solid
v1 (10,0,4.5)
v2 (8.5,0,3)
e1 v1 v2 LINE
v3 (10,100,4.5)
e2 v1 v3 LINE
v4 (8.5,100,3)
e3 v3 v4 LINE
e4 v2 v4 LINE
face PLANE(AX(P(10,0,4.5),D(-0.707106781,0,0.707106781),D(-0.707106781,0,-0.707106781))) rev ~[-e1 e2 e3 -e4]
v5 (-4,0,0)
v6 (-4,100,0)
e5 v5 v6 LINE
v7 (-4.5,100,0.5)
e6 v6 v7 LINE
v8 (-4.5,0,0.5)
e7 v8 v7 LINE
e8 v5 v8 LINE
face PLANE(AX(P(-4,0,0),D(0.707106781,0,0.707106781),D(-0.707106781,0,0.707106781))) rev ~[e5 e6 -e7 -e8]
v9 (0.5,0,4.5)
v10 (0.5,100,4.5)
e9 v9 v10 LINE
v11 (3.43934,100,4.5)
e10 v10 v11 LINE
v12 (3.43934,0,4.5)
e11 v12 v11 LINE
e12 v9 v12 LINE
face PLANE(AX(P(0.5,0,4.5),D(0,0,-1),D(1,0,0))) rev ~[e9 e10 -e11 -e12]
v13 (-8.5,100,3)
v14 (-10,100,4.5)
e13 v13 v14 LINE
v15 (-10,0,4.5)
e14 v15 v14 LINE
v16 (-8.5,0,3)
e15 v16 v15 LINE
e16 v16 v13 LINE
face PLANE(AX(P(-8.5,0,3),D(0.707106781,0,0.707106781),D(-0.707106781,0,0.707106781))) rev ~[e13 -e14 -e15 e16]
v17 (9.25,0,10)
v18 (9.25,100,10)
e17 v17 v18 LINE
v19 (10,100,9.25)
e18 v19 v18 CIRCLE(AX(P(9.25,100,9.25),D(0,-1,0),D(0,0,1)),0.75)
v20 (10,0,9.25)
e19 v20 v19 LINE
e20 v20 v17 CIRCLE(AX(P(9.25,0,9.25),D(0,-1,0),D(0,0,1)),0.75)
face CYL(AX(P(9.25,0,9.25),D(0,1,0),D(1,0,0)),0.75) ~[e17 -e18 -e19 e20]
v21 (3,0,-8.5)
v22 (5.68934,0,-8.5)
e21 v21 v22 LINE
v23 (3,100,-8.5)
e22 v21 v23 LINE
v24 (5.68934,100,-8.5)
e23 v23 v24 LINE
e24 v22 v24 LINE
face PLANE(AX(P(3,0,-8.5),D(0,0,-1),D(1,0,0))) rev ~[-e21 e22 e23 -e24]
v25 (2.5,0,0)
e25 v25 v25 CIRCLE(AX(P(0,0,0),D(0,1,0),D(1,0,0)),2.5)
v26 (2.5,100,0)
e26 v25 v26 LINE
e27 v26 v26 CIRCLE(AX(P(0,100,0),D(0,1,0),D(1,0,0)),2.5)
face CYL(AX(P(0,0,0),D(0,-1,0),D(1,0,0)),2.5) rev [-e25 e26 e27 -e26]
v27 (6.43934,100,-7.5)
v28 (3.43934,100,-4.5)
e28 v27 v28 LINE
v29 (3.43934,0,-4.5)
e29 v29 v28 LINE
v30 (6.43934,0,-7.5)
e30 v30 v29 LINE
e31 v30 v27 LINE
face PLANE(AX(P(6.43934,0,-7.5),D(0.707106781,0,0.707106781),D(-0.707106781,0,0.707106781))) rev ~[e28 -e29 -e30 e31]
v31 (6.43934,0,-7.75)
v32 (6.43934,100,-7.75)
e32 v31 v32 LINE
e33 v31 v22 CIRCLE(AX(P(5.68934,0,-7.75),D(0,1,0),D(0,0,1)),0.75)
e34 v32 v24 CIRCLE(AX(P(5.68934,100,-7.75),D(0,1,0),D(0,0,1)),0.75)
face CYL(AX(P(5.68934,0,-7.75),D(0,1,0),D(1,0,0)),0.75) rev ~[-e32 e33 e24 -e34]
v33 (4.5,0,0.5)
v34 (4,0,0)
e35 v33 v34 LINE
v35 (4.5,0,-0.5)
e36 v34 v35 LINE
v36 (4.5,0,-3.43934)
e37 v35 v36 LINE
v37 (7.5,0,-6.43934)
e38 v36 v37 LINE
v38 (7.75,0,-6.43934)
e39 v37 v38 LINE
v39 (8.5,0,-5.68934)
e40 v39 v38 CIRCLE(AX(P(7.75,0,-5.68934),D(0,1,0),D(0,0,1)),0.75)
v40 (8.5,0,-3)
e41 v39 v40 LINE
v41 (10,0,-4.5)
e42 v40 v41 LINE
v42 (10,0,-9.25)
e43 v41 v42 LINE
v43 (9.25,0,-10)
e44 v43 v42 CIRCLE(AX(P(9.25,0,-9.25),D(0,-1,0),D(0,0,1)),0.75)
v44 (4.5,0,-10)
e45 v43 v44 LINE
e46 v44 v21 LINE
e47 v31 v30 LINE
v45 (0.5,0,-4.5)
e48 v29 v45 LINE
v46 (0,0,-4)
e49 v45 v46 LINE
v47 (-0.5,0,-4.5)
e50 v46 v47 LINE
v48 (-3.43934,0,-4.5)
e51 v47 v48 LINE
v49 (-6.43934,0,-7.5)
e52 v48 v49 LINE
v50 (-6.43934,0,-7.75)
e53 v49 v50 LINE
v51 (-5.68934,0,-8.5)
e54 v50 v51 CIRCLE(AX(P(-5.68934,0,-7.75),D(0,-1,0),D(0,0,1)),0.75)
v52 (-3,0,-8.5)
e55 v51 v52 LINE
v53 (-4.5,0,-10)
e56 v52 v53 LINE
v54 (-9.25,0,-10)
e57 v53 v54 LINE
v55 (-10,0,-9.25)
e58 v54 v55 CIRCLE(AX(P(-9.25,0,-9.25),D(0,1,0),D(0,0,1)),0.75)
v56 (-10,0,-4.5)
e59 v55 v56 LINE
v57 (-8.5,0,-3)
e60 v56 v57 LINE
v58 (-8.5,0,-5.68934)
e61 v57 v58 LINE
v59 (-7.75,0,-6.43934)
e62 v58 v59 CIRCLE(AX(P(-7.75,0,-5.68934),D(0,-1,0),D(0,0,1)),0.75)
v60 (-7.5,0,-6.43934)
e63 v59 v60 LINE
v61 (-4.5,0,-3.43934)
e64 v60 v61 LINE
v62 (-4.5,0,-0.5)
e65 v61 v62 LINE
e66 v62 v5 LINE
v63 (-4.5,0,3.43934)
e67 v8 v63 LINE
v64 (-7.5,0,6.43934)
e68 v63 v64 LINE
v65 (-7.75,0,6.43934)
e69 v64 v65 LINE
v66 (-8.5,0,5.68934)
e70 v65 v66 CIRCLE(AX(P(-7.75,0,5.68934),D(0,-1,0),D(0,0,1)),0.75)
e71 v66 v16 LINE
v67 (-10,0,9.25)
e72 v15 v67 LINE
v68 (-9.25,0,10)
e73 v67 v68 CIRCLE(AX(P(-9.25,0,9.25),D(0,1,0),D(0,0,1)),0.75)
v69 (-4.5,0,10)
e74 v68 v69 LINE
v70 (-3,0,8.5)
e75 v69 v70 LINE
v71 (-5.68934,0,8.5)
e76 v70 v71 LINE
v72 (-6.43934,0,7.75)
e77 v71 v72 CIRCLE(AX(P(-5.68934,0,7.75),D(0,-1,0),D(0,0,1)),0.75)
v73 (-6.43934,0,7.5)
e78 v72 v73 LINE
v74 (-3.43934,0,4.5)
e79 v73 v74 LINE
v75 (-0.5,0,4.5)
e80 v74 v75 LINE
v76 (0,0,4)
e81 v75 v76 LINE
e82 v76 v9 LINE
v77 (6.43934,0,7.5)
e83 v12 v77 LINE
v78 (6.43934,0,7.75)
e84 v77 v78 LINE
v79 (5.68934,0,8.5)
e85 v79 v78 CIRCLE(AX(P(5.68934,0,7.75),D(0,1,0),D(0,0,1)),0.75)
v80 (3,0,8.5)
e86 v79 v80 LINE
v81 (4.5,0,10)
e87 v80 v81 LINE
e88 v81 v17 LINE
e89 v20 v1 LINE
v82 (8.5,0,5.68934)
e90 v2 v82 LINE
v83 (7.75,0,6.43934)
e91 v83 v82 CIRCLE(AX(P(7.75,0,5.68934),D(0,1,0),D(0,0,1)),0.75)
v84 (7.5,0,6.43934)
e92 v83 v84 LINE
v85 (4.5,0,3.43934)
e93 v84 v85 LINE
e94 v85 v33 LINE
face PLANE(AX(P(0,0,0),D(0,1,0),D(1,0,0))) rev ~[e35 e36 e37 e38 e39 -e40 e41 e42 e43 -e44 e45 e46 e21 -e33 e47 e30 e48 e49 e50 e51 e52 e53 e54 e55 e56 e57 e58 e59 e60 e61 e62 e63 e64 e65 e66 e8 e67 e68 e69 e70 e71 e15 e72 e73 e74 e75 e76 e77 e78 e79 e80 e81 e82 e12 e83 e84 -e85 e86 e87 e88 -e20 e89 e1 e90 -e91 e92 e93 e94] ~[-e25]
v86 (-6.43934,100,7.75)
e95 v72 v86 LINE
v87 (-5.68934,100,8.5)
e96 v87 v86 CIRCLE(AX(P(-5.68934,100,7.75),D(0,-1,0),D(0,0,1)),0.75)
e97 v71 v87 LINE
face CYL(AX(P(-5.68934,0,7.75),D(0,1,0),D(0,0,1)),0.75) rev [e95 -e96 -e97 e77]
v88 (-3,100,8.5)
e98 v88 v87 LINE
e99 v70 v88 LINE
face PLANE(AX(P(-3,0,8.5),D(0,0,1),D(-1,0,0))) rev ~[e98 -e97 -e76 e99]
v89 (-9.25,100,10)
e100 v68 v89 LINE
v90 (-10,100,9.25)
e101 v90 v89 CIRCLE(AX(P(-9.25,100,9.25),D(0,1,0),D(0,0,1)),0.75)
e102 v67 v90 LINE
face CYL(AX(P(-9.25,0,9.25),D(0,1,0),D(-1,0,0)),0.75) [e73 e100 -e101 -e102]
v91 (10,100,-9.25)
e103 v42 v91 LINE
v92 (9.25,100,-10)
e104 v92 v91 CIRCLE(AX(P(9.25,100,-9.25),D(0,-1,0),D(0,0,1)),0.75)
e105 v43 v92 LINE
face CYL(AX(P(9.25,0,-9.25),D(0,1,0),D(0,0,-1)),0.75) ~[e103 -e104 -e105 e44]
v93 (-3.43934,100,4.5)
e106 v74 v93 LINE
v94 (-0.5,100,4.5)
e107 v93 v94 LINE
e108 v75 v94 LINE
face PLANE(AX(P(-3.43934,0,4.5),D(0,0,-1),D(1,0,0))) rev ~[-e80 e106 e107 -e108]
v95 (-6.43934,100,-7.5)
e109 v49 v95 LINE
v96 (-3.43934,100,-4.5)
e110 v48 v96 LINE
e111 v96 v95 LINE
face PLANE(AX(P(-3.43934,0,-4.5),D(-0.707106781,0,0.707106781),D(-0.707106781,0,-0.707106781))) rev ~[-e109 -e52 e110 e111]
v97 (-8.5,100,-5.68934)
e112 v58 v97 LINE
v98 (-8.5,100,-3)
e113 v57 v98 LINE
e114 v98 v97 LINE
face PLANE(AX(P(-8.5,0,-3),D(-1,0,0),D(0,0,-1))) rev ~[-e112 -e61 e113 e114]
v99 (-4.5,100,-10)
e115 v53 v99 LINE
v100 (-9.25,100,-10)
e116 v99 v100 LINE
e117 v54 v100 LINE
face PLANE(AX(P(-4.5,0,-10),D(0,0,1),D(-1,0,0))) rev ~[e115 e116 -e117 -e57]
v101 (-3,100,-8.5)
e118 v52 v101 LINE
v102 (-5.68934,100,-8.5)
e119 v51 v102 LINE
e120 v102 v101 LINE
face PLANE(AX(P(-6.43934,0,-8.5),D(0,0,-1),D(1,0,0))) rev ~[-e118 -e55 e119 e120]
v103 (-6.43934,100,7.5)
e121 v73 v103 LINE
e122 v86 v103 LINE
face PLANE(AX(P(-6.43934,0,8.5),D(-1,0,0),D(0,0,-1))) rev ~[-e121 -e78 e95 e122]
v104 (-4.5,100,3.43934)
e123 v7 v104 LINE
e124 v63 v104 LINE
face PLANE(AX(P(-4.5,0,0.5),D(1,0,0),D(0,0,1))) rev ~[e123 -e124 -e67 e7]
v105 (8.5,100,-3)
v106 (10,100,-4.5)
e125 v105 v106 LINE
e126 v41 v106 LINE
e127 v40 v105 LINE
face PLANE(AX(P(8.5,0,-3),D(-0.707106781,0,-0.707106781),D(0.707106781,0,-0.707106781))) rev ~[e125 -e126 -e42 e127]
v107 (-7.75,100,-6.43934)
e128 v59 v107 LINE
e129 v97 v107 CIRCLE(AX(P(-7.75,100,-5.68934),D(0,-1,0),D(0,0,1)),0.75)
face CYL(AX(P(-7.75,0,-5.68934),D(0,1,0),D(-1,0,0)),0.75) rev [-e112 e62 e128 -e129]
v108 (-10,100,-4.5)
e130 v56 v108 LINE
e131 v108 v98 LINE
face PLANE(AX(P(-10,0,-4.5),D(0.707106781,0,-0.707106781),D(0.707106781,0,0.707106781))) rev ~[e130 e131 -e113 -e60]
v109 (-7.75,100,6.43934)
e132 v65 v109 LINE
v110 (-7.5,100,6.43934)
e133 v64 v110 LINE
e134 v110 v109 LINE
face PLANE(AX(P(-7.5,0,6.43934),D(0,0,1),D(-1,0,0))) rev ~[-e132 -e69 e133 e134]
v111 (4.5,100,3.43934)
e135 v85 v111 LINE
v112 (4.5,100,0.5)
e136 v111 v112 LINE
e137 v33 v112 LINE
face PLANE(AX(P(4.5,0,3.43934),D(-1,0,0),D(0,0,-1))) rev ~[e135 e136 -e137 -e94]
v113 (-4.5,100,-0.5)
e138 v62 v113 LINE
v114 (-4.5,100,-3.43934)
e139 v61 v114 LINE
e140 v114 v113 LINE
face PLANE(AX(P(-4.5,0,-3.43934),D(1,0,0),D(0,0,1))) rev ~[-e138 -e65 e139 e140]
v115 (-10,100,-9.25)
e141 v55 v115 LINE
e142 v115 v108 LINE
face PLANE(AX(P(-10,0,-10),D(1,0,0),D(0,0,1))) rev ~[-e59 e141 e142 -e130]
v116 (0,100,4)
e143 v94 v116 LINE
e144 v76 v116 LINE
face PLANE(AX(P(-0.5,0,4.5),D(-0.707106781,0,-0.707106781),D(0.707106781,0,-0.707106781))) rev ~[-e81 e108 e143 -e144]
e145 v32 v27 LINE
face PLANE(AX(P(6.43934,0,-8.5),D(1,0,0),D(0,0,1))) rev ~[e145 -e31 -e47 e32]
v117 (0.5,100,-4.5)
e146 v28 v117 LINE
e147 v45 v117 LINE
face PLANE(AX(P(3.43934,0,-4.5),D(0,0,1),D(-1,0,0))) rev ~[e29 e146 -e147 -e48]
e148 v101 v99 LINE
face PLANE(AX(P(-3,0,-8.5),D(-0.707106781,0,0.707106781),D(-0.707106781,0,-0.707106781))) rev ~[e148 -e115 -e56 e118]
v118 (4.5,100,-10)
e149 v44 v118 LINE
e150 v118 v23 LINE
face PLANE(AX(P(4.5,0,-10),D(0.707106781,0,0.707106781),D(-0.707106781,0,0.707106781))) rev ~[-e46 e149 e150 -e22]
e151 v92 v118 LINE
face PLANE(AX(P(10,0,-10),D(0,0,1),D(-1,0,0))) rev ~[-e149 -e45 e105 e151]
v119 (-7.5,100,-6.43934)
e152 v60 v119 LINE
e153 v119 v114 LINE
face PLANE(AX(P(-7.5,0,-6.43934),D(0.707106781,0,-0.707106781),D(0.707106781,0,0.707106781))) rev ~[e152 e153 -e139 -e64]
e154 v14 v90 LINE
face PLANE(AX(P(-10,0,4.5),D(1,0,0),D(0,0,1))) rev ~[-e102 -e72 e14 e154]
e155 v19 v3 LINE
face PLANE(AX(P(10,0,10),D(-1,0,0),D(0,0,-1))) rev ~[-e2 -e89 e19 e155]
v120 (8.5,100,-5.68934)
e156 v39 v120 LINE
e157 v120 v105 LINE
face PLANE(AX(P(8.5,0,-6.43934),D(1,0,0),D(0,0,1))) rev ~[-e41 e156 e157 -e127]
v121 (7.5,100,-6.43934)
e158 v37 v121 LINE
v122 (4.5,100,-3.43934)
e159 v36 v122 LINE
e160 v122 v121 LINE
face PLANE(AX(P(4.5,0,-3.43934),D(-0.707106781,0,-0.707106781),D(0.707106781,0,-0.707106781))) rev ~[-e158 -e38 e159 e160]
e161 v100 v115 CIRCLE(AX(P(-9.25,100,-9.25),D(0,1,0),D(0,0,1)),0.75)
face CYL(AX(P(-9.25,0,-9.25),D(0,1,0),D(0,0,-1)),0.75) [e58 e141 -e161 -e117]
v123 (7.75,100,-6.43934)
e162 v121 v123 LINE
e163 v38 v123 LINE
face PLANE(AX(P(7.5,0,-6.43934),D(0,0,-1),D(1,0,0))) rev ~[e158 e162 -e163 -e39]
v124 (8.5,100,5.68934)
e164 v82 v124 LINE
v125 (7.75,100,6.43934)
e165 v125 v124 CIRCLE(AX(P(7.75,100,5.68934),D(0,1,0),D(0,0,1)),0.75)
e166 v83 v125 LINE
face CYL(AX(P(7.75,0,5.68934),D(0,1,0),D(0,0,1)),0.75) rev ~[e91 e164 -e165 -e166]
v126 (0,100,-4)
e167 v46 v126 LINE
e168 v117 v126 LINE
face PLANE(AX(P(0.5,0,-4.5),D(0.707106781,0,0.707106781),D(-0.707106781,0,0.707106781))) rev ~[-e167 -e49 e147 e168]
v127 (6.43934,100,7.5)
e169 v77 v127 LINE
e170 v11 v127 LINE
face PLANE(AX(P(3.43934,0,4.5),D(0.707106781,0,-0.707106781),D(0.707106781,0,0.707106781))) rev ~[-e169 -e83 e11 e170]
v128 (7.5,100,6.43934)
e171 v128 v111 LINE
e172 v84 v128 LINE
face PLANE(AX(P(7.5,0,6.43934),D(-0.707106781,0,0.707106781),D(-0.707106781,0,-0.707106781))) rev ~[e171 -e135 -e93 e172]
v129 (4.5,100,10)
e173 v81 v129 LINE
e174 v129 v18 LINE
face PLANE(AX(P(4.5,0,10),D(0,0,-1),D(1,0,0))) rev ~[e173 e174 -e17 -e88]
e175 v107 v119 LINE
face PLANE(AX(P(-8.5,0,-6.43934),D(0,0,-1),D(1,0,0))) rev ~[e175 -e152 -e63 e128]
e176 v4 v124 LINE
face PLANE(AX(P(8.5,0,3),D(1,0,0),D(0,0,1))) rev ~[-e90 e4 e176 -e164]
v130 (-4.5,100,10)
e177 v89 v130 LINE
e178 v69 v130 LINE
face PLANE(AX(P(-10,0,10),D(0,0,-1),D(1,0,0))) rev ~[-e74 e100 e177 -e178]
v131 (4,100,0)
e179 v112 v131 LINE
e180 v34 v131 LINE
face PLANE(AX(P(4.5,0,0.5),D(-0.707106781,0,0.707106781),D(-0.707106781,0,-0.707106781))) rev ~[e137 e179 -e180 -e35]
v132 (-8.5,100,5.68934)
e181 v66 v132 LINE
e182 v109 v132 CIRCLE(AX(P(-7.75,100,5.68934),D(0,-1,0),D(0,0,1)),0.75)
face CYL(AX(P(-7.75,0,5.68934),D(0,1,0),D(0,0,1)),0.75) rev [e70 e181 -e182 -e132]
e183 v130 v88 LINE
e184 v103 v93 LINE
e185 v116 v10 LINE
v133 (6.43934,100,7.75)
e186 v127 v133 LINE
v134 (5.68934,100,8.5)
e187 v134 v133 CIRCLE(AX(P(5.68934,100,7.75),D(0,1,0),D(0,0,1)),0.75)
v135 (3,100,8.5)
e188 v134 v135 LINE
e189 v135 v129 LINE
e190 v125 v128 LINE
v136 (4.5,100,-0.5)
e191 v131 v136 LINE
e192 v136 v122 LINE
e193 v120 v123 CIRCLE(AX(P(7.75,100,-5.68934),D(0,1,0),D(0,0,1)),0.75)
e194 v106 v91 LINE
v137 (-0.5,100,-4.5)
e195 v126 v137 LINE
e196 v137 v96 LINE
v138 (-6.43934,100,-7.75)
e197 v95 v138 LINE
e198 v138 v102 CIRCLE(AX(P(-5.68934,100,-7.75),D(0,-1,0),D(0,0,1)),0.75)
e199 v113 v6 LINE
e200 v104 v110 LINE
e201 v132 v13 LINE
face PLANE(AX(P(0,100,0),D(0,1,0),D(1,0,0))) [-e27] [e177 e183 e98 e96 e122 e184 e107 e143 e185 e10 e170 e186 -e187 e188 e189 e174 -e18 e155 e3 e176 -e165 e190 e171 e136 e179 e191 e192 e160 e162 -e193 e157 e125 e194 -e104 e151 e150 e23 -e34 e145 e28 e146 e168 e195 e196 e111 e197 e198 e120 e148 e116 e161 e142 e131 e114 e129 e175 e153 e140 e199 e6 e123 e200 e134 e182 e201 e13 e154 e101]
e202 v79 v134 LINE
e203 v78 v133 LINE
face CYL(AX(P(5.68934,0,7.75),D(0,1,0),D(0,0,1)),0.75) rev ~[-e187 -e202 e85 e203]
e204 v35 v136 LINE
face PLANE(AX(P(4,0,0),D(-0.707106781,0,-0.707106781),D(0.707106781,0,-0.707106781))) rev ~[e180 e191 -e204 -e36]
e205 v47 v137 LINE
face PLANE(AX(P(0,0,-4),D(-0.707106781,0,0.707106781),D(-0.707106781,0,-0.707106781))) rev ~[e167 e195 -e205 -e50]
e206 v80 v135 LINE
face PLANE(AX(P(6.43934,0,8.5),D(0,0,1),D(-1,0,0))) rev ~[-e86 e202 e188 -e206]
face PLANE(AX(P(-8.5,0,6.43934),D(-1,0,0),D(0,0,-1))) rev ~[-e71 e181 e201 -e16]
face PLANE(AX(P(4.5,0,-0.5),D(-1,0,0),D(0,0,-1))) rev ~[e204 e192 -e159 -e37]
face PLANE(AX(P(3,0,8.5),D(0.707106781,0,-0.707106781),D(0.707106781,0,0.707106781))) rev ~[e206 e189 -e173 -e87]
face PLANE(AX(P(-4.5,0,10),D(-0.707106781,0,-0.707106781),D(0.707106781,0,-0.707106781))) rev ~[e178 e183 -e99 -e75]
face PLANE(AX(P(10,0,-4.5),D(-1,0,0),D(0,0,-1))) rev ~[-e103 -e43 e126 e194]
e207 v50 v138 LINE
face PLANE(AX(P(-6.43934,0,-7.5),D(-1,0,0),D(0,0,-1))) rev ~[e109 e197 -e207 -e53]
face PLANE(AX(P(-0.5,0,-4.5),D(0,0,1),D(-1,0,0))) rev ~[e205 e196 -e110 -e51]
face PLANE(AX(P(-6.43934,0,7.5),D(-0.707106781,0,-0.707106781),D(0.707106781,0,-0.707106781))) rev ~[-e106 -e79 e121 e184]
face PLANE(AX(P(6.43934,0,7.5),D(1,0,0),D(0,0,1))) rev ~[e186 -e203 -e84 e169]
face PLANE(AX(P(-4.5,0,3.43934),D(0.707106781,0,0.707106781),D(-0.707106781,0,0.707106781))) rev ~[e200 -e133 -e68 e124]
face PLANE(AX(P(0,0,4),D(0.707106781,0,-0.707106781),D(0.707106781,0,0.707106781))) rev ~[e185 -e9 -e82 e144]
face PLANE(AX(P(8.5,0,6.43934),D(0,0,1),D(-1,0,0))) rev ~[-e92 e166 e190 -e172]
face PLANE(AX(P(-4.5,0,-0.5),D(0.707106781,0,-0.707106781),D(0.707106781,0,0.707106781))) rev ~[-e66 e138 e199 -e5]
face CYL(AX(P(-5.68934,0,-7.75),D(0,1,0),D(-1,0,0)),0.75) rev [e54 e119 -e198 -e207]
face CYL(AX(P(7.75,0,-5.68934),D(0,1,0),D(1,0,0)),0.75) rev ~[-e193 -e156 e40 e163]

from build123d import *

# Parameters (mm, degrees)
ESQUISSE1_R      = 2.5
EXTRUSION1_DEPTH = 100
CONG_1_R         = 0.75


with BuildPart() as part:
    # Esquisse1 → Extrusion1 (new body)
    with BuildSketch(Plane(origin=(0, 0, 0), x_dir=(1, 0, 0), z_dir=(0, 1, 0))):
        Polygon((0, 4), (-0.5, 4.5), (-3.439339828, 4.5), (-6.439339828, 7.5), (-6.439339828, 8.5), (-3, 8.5), (-4.5, 10), (-10, 10), (-10, 4.5), (-8.5, 3), (-8.5, 6.439339828), (-7.5, 6.439339828), (-4.5, 3.439339828), (-4.5, 0.5), (-4, 0), (-4.5, -0.5), (-4.5, -3.439339828), (-7.5, -6.439339828), (-8.5, -6.439339828), (-8.5, -3), (-10, -4.5), (-10, -10), (-4.5, -10), (-3, -8.5), (-6.439339828, -8.5), (-6.439339828, -7.5), (-3.439339828, -4.5), (-0.5, -4.5), (0, -4), (0.5, -4.5), (3.439339828, -4.5), (6.439339828, -7.5), (6.439339828, -8.5), (3, -8.5), (4.5, -10), (10, -10), (10, -4.5), (8.5, -3), (8.5, -6.439339828), (7.5, -6.439339828), (4.5, -3.439339828), (4.5, -0.5), (4, 0), (4.5, 0.5), (4.5, 3.439339828), (7.5, 6.439339828), (8.5, 6.439339828), (8.5, 3), (10, 4.5), (10, 10), (4.5, 10), (3, 8.5), (6.439339828, 8.5), (6.439339828, 7.5), (3.439339828, 4.5), (0.5, 4.5), align=None)
        Circle(ESQUISSE1_R, mode=Mode.SUBTRACT)
    extrude(amount=EXTRUSION1_DEPTH)

    # Congé1
    cong_1_edges = [part.edges().sort_by_distance(p)[0] for p in [
        (6.439339828, 50, -8.5),
        (10, 50, -10),
        (8.5, 50, -6.439339828),
        (8.5, 50, 6.439339828),
        (10, 50, 10),
        (6.439339828, 50, 8.5),
        (-6.439339828, 50, 8.5),
        (-10, 50, 10),
        (-8.5, 50, 6.439339828),
        (-8.5, 50, -6.439339828),
        (-10, 50, -10),
        (-6.439339828, 50, -8.5),
    ]]
    fillet(cong_1_edges, radius=CONG_1_R)


solid = part.part
